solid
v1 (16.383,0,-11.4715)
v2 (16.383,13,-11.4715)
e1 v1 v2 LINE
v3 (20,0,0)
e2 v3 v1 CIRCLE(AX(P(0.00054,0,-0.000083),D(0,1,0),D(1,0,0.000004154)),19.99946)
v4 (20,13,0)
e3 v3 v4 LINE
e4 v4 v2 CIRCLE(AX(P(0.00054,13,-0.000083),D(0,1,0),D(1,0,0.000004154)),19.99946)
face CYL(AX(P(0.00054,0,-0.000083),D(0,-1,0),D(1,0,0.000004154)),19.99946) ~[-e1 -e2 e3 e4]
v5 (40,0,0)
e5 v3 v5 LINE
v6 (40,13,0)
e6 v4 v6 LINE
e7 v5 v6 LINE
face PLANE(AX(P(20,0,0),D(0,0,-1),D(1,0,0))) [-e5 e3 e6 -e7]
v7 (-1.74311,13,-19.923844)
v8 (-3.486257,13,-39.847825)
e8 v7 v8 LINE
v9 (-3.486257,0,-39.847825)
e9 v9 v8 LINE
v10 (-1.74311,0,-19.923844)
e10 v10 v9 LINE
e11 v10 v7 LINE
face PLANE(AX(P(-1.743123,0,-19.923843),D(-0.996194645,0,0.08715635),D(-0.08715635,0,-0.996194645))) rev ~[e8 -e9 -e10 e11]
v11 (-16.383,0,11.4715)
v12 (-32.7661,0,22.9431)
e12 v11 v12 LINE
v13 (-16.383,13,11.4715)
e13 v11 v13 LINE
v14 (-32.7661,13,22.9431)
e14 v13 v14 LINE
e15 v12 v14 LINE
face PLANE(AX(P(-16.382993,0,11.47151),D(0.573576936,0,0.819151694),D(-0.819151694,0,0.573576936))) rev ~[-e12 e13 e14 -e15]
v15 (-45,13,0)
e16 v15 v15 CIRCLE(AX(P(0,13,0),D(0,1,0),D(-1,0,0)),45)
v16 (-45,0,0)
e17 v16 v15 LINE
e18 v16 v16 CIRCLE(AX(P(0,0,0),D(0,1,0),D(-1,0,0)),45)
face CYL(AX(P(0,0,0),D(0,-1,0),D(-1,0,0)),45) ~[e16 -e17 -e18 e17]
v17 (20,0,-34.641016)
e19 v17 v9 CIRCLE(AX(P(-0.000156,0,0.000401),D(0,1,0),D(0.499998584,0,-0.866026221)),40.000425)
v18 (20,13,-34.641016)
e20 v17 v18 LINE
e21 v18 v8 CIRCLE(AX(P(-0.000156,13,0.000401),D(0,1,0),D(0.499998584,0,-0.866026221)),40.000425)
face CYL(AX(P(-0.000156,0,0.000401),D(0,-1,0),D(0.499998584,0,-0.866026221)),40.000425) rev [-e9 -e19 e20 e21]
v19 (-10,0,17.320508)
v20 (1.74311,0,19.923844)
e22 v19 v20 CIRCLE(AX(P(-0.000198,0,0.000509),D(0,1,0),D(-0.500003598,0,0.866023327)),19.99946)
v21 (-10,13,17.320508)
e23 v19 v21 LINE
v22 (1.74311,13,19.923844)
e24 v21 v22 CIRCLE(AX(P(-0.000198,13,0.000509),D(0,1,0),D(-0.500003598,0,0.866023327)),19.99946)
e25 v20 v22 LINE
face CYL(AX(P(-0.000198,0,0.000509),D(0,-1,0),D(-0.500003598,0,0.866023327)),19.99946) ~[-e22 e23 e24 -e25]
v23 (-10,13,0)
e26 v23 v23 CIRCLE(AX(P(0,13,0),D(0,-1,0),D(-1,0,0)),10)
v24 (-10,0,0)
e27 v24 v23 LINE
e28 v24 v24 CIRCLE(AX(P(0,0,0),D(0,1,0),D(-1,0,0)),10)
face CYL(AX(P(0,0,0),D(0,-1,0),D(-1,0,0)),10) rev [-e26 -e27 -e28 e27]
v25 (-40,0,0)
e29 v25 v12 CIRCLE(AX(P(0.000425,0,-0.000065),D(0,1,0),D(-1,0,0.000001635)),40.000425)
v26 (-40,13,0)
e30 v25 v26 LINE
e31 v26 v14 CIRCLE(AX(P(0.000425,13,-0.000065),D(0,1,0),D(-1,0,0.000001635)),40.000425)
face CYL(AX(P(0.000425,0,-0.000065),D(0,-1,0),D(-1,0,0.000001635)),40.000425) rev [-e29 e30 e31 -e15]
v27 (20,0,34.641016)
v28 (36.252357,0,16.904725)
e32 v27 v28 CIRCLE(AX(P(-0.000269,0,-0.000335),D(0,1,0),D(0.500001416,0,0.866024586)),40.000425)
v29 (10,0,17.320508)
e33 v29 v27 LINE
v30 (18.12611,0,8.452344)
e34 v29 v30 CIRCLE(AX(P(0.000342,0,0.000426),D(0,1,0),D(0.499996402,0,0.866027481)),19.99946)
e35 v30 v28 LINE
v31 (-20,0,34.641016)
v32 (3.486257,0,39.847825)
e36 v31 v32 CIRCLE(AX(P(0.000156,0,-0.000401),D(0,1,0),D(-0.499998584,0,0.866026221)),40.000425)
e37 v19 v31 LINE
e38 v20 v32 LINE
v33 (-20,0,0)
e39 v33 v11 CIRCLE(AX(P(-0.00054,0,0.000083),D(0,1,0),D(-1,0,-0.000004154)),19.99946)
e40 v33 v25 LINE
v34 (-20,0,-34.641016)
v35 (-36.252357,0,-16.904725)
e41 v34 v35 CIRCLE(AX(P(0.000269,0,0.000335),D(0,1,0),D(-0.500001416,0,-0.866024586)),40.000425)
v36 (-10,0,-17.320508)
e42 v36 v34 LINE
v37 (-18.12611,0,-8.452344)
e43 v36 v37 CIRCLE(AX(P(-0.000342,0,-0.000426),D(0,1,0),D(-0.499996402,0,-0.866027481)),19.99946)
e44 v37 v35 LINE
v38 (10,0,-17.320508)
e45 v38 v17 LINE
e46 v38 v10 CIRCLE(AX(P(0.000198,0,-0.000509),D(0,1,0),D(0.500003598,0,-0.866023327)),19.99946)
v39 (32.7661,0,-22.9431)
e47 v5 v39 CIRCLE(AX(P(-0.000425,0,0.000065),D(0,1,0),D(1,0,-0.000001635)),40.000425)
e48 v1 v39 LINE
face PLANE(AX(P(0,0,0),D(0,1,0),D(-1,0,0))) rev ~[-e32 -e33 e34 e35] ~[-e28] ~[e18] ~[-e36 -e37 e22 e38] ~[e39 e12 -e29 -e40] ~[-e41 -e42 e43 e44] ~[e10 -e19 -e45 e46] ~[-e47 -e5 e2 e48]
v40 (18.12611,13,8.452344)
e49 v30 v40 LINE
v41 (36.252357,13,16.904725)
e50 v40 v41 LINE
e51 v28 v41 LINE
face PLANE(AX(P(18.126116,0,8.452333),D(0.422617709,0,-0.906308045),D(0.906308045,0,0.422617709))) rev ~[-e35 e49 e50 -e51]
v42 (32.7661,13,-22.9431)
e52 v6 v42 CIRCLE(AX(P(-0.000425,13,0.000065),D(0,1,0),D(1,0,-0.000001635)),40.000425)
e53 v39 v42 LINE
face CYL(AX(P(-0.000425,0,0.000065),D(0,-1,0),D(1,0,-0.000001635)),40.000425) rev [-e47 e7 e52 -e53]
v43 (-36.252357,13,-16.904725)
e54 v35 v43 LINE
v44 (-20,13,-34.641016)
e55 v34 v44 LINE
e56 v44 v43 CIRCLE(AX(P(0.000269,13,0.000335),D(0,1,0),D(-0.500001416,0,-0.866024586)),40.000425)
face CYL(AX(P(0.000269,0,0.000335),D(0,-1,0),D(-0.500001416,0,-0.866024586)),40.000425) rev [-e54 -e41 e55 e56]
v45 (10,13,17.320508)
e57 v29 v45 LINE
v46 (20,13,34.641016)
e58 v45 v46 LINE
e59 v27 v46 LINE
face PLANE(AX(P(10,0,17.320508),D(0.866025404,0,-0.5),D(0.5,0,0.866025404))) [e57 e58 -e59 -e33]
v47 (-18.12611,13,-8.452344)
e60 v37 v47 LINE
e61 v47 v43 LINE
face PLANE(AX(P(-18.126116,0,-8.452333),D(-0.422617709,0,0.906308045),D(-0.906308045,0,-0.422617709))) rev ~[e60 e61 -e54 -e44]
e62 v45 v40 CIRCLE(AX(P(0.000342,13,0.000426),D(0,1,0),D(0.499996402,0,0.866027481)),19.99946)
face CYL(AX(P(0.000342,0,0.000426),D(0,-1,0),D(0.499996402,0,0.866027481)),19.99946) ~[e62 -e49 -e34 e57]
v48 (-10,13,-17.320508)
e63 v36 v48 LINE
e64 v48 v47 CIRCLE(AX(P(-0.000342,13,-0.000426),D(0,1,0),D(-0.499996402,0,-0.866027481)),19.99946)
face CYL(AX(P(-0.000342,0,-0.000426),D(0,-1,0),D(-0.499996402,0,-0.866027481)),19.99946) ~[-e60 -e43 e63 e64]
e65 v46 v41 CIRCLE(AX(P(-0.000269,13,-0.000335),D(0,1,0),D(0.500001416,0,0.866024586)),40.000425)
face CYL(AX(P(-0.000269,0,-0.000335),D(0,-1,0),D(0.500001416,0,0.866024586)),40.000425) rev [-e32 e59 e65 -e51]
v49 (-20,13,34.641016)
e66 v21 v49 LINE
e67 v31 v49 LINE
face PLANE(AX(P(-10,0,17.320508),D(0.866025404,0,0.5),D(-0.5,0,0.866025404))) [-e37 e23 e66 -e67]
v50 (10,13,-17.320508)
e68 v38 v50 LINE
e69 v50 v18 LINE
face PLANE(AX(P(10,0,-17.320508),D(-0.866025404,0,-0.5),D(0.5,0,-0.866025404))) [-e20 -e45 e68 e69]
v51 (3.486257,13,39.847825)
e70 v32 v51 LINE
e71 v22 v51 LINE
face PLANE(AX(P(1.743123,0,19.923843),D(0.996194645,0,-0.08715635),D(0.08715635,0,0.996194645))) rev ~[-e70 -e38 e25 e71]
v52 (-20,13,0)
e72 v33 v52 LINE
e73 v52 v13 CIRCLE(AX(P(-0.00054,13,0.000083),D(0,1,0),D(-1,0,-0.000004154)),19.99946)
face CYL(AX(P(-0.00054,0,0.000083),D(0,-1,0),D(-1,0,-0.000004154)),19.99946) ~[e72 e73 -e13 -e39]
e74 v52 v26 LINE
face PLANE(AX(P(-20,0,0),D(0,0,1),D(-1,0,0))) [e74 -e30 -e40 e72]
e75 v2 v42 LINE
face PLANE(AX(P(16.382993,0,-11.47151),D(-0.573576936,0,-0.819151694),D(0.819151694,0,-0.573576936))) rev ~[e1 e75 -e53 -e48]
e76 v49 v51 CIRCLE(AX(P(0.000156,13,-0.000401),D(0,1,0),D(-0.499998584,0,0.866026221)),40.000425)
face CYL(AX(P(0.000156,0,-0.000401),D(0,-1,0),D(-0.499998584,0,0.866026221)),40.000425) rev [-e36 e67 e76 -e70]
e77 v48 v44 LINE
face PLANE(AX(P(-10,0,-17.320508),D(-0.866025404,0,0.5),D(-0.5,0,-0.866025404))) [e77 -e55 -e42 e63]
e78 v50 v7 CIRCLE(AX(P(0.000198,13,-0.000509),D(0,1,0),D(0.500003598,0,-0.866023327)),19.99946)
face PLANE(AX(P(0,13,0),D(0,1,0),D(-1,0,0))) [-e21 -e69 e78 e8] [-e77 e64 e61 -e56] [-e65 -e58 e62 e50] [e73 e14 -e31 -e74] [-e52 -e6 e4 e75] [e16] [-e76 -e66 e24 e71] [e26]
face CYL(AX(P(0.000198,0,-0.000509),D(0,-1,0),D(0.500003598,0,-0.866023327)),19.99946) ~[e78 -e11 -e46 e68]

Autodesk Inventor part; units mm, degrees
ref_plane "YZ Plane" through (0, 0, 0) normal (1, 0, 0) x (0, 1, 0)
ref_plane "XZ Plane" through (0, 0, 0) normal (0, 1, 0) x (-1, 0, 0)
ref_plane "XY Plane" through (0, 0, 0) normal (0, 0, 1) x (1, 0, 0)
sketch "Sketch1" plane through (0, 0, 0) normal (0, 1, 0) x (-1, 0, 0)
  circle A0 centre (0, 0) radius 45
  dimension "d0" = 90
extrude "Extrusion1" add sketch "Sketch1" along normal blind 13
sketch "Sketch2" plane through (0, 0, 0) normal (0, 1, 0) x (-1, 0, 0)
  circle A0 centre (0, 0) radius 10
  line L0 (0, 0) -> (-40, 0)
  line L1 (0, 0) -> (-32.7661, -22.9431)
  arc A1 (-20, 0) -> (-16.383, -11.4715) centre (0, 0) ccw
  arc A2 (-40, 0) -> (-32.7661, -22.9431) centre (0, 0) ccw
  dimension "d3" = 20
  dimension "d5" = 35
  dimension "d16" = 40
extrude "Extrusion2" cut sketch "Sketch2" along normal blind 13 contours A0 L1 L0 | L0 L1 A0 | A1 L1 A2 L0
pattern_circular "Circular Pattern1" count 6 over 360 about axis through (0, 0, 0) along (0, 1, 0) of "Extrusion2"
properties part number "Brushless Motor Case"
